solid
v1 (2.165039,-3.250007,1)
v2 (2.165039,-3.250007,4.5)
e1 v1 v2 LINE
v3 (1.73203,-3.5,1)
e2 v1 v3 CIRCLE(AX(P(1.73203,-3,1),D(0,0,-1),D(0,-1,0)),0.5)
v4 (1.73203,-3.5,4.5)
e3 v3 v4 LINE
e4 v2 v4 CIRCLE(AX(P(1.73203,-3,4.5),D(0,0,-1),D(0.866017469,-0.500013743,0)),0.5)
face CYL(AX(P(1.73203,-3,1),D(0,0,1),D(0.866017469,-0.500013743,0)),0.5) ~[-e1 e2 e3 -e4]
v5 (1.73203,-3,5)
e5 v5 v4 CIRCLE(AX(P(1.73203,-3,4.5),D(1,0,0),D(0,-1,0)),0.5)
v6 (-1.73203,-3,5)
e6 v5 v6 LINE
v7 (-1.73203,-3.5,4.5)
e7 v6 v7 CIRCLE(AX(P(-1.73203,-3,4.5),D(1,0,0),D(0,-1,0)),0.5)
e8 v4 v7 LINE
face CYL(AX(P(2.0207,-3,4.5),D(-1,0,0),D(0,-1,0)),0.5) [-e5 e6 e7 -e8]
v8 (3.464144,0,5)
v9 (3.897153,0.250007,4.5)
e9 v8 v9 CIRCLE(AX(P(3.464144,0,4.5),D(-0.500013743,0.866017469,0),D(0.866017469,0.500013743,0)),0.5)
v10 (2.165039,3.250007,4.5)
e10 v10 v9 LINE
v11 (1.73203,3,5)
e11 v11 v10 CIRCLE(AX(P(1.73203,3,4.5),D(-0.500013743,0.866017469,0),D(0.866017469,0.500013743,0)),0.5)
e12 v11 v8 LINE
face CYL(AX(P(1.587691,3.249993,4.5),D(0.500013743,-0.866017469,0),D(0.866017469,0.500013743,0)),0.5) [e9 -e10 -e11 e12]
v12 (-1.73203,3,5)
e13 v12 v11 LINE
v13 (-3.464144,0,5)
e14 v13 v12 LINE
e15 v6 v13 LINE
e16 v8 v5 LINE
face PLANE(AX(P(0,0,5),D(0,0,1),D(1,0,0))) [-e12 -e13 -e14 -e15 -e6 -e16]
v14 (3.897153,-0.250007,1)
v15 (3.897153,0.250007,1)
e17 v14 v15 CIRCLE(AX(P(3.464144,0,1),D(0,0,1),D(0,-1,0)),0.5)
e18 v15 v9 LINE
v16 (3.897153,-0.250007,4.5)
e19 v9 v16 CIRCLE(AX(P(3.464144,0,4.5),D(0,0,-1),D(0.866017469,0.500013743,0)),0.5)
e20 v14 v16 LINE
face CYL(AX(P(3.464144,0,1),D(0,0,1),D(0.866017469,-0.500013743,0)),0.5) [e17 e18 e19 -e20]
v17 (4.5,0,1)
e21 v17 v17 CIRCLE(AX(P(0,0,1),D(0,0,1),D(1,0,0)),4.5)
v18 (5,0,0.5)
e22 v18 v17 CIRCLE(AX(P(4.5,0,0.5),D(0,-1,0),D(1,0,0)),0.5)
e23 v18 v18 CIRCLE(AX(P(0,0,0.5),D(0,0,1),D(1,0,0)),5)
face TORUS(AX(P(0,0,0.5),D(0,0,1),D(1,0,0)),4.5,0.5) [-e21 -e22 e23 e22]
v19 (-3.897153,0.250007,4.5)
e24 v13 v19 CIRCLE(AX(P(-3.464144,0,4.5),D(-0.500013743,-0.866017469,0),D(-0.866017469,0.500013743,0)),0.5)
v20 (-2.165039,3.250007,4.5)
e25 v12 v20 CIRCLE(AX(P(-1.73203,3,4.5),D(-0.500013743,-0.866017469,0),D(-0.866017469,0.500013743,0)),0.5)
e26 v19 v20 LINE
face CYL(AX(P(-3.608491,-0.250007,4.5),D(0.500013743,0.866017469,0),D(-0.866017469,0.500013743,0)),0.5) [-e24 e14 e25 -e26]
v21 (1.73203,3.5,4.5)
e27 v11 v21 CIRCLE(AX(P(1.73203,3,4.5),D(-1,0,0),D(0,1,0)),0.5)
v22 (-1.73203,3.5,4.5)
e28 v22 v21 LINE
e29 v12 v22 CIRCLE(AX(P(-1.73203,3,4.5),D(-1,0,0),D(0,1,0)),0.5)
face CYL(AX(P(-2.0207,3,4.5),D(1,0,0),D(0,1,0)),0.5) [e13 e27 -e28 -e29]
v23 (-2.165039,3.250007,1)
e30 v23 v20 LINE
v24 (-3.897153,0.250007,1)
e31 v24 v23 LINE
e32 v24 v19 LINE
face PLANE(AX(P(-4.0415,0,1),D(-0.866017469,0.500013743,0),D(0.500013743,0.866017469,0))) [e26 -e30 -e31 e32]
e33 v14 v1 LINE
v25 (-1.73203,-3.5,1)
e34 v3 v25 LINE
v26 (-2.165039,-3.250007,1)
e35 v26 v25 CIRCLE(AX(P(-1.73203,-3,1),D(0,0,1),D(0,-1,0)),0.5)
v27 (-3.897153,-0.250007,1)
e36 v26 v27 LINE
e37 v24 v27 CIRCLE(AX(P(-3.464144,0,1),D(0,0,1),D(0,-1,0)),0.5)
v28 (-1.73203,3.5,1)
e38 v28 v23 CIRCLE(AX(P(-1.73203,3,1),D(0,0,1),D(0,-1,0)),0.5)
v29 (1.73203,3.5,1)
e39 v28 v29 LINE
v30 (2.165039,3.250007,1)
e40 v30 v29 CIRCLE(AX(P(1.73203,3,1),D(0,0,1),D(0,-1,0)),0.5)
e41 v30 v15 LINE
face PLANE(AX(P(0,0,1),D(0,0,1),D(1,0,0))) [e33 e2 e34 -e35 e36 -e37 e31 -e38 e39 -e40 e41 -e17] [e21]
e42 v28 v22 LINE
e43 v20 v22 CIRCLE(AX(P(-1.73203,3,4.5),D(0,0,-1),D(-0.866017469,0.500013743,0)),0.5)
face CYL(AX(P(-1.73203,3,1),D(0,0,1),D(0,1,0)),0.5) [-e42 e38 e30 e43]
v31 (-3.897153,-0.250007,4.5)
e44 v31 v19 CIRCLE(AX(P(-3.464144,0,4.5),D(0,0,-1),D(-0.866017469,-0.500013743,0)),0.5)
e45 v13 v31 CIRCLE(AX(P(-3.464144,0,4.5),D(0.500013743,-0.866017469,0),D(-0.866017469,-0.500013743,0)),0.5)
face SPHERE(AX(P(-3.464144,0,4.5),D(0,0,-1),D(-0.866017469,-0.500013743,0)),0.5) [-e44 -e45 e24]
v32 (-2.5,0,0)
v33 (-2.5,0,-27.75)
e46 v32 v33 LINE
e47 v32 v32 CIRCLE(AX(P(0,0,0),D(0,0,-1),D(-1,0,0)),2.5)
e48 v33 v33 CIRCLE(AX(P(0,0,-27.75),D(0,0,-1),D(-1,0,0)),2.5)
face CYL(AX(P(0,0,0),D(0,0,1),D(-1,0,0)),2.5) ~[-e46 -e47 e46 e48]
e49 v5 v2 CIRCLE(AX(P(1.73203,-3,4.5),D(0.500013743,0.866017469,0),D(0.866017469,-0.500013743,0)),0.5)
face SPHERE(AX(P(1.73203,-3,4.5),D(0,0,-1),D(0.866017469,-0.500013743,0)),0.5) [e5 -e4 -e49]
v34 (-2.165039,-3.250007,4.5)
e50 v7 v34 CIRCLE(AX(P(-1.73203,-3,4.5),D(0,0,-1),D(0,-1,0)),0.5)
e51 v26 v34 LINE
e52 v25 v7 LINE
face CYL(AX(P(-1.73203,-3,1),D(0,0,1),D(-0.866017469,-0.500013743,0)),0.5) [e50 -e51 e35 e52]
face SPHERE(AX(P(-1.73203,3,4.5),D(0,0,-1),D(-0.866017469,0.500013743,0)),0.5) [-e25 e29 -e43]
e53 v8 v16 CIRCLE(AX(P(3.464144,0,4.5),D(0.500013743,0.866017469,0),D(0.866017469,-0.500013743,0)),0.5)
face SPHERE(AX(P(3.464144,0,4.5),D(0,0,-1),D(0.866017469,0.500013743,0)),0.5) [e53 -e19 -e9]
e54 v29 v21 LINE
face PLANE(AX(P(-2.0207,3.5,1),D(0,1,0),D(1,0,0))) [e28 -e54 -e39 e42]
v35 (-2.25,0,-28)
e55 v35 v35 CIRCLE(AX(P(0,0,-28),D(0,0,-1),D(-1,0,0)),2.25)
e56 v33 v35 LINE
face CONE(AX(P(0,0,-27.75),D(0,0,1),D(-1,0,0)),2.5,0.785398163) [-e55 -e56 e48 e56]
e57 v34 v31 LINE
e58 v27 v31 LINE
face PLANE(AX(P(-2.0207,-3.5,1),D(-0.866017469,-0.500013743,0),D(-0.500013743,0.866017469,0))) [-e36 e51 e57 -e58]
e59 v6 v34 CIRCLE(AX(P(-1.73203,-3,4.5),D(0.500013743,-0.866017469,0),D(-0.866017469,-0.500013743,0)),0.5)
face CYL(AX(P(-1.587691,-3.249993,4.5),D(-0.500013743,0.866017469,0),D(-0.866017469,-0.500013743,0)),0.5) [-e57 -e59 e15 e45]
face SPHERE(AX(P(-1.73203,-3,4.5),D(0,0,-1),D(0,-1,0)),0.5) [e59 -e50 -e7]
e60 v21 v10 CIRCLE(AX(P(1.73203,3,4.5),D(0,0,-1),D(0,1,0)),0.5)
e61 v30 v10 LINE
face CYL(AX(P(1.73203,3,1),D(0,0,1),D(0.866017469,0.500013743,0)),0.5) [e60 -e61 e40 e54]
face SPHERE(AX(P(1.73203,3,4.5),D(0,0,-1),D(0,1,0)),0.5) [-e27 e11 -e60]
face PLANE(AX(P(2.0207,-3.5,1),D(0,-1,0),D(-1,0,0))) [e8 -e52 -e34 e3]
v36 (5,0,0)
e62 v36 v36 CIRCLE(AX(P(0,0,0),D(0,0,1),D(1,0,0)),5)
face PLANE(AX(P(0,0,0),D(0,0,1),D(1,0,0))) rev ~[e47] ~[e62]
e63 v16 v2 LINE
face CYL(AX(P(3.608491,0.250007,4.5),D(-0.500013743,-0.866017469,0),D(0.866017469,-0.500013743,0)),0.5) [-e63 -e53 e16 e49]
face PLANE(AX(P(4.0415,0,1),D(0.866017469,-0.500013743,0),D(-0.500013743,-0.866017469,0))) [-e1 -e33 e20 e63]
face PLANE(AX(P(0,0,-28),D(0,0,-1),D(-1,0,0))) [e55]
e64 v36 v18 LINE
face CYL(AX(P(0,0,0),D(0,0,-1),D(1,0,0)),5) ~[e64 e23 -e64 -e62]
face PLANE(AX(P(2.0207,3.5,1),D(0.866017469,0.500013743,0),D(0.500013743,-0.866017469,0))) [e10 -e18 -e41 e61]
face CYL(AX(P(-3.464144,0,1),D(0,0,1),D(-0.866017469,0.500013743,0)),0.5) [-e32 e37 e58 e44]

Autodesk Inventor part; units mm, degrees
ref_plane "YZ Plane" through (0, 0, 0) normal (1, 0, 0) x (0, 1, 0)
ref_plane "XZ Plane" through (0, 0, 0) normal (0, 1, 0) x (-1, 0, 0)
ref_plane "XY Plane" through (0, 0, 0) normal (0, 0, 1) x (1, 0, 0)
sketch "草图1" plane through (0, 0, 0) normal (0, 0, 1) x (1, 0, 0)
  circle A0 centre (0, 0) radius 5
  dimension "d0" = 10
extrude "拉伸1" add sketch "草图1" along normal blind 1
sketch "草图2" plane through (0, 0, 1) normal (0, 0, 1) x (1, 0, 0)
  line L0 (2.0207, -3.5) -> (-2.0207, -3.5)
  line L1 (-2.0207, -3.5) -> (-4.0415, 0)
  line L2 (-4.0415, 0) -> (-2.0207, 3.5)
  line L3 (-2.0207, 3.5) -> (2.0207, 3.5)
  line L4 (2.0207, 3.5) -> (4.0415, 0)
  line L5 (4.0415, 0) -> (2.0207, -3.5)
  line L6 (0, 0) -> (0, 1.4053)
  circle A0 centre (0, 0) radius 5 projected
  point P0 (0, 3.5)
  dimension "d3" = 1.4053
  dimension "d4" = 3.5
extrude "拉伸2" add sketch "草图2" along normal blind 4 contours L0 L1 L2 L3 L4 L5
fillet "圆角1" radius 0.5 13 edges at (-5, 0, 1) (2.0207, 3.5, 3) (0, 3.5, 5) (-2.0207, 3.5, 3) (-3.0311, 1.75, 5) (-4.0415, 0, 3) (-3.0311, -1.75, 5) (-2.0207, -3.5, 3) (0, -3.5, 5) (2.0207, -3.5, 3) (3.0311, -1.75, 5) (4.0415, 0, 3) (3.0311, 1.75, 5)
sketch "草图3" plane through (0, 0, 0) normal (0, 0, -1) x (-1, 0, 0)
  circle A0 centre (0, 0) radius 2.5
  dimension "d8" = 5
extrude "拉伸3" add sketch "草图3" along normal blind 28
thread "螺纹1" size "M5x0.8" class "6g" standard "ANSI Metric M Profile" full length
chamfer "倒角1" distance 0.25 angle 45 1 edges at (2.5, 0, -28)
properties part number "主动轮护盖固定螺丝"
